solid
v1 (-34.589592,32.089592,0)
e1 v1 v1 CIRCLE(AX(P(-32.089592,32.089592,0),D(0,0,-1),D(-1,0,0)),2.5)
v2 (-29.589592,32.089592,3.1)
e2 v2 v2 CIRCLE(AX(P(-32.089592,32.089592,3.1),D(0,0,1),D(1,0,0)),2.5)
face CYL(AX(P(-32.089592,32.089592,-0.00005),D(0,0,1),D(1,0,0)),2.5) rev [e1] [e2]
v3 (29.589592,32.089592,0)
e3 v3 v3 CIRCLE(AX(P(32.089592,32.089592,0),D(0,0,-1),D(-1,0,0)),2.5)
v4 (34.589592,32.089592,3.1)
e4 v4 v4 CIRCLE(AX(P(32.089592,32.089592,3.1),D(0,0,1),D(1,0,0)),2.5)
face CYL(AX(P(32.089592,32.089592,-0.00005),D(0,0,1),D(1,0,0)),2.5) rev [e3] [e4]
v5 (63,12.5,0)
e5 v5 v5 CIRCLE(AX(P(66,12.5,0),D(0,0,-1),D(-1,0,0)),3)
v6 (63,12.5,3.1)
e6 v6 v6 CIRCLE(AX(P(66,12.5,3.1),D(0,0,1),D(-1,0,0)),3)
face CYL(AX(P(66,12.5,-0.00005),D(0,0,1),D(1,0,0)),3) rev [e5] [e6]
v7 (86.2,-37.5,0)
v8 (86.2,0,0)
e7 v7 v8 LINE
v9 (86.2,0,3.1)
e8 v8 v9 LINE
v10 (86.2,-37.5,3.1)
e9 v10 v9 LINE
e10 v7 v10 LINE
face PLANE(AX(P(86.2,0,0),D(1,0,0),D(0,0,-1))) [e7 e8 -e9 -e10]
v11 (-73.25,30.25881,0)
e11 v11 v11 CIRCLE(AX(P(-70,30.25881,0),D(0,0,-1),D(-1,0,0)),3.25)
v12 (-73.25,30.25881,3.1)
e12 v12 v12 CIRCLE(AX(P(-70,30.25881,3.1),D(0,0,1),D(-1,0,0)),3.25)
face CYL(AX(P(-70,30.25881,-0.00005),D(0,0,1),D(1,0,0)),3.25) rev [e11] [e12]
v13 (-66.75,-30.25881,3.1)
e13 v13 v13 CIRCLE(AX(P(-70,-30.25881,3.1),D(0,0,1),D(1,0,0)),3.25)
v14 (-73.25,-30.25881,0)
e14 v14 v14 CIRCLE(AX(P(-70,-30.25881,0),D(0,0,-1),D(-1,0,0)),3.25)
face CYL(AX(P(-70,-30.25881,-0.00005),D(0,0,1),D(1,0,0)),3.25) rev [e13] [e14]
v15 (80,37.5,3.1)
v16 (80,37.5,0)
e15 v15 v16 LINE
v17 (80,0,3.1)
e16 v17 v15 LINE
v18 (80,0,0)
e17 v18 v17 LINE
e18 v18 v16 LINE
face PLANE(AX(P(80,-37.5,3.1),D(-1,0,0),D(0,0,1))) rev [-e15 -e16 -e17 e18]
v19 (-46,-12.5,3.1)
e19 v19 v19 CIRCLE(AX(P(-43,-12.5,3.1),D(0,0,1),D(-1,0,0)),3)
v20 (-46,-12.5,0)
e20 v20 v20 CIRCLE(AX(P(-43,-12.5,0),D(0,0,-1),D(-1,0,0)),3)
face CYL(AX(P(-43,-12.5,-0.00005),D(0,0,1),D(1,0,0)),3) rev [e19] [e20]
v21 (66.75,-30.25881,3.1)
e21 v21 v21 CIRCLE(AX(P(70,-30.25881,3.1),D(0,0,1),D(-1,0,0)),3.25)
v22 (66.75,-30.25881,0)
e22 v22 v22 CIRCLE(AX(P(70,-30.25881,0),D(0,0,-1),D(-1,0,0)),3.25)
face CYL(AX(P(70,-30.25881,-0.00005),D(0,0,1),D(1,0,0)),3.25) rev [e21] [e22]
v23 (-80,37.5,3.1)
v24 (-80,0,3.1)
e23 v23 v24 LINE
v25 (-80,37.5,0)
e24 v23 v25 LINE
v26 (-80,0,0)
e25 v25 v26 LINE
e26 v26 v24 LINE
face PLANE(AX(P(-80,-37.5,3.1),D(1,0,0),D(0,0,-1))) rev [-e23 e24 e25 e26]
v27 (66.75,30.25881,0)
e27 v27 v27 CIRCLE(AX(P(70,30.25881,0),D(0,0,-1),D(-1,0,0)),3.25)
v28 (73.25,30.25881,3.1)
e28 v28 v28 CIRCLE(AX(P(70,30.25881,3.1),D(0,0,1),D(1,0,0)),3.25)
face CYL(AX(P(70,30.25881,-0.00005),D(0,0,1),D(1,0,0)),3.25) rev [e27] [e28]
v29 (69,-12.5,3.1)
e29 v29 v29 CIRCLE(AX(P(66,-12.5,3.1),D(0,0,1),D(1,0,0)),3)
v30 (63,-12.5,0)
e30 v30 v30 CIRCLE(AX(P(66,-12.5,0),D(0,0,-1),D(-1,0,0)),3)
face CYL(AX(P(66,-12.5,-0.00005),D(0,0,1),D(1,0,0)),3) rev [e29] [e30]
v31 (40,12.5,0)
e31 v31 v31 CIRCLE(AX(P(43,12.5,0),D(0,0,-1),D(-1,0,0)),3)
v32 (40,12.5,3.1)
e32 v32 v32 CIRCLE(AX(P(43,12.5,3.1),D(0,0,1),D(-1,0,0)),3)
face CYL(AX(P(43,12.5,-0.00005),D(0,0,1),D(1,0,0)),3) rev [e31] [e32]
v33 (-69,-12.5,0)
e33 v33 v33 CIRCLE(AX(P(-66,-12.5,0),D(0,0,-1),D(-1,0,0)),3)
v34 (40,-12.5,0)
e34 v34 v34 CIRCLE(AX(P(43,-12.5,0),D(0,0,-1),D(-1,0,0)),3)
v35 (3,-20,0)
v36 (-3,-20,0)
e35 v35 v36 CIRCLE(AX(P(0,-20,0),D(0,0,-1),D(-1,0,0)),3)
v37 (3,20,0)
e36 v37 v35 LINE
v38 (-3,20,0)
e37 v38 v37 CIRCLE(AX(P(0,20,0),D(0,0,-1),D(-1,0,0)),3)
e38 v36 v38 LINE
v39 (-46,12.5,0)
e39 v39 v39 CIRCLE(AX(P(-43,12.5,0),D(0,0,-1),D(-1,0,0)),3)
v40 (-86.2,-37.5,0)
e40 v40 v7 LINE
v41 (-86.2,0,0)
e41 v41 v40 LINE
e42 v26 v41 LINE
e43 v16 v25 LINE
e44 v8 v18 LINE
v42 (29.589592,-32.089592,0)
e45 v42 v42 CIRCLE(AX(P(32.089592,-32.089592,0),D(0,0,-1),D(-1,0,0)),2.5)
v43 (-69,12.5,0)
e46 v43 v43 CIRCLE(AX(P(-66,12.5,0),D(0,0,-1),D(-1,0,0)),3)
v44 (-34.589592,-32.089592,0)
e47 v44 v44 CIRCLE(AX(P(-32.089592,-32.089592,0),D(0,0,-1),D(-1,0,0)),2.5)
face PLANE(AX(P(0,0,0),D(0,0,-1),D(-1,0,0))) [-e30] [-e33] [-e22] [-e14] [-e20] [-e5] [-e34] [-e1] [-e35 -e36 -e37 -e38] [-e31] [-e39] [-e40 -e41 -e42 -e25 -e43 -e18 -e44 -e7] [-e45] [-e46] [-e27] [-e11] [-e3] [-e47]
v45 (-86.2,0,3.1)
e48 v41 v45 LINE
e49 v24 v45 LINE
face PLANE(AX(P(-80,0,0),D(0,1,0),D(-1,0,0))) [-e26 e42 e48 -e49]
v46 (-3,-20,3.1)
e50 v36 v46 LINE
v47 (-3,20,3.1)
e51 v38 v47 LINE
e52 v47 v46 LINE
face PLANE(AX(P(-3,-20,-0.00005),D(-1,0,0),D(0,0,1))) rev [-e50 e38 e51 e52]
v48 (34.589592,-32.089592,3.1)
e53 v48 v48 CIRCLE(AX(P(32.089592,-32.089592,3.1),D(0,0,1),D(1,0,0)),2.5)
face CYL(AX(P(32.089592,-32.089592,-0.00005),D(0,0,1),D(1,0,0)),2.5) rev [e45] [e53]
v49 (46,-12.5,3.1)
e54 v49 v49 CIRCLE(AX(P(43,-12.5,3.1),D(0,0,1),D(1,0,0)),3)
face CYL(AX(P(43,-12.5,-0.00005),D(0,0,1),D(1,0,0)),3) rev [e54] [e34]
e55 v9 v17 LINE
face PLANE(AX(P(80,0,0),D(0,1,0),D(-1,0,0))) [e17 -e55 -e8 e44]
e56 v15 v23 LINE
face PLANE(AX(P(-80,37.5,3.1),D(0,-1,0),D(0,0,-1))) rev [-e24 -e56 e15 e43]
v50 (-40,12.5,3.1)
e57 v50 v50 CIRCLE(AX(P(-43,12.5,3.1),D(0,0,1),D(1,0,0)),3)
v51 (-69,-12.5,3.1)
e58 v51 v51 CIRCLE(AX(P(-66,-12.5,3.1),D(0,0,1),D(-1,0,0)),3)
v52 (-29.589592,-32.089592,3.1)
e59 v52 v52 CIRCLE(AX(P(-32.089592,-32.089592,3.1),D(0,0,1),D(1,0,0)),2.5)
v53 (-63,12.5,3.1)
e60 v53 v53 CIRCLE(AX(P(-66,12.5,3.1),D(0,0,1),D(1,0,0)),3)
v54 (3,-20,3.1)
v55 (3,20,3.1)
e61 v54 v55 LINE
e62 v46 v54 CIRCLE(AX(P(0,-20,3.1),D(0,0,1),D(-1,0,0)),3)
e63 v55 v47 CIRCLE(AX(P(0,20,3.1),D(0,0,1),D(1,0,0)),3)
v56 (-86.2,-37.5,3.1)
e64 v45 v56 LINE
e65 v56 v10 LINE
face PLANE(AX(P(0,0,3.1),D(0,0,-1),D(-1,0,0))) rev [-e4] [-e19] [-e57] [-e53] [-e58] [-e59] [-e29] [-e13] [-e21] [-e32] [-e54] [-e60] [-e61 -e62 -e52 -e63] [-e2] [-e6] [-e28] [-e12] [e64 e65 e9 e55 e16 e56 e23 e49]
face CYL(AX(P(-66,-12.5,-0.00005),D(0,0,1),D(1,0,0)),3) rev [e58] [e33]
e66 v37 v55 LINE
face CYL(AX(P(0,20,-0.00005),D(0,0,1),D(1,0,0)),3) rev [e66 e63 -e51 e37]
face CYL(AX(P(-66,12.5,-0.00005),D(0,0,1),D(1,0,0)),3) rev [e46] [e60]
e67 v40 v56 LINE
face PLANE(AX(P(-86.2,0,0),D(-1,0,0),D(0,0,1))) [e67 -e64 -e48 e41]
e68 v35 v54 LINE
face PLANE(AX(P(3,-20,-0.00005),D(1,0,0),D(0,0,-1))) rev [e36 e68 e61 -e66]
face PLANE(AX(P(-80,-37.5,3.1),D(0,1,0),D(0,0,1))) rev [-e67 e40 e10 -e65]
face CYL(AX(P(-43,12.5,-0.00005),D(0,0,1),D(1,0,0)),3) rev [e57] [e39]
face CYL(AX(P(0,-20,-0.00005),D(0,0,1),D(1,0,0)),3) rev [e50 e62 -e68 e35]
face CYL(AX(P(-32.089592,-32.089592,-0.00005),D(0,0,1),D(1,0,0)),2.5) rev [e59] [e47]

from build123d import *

# Parameters (mm, degrees)
SKETCH1_W           = 160
SKETCH1_H           = 75
BOSS_EXTRUDE1_DEPTH = 3.1
SKETCH2_W           = 6.2
SKETCH2_H           = 37.5
BOSS_EXTRUDE2_DEPTH = 3.1
SKETCH3_R           = 2.5
SKETCH3_R_2         = 3
SKETCH3_R_3         = 3.25
CUT_EXTRUDE1_DEPTH  = 4.1


with BuildPart() as part:
    # Sketch1 → Boss-Extrude1 (new body)
    with BuildSketch(Plane.XY):
        Rectangle(SKETCH1_W, SKETCH1_H)
    extrude(amount=BOSS_EXTRUDE1_DEPTH)

    # Sketch2 → Boss-Extrude2 (add, through all)
    with BuildSketch(Plane.XY.offset(3.1)):
        with Locations((83.1, -18.75)):
            Rectangle(SKETCH2_W, SKETCH2_H)
        with Locations((-83.1, -18.75)):
            Rectangle(SKETCH2_W, SKETCH2_H)
    extrude(amount=-BOSS_EXTRUDE2_DEPTH)

    # Sketch3 → Cut-Extrude1 (cut, through all)
    with BuildSketch(Plane.XY.offset(3.1)):
        with Locations((32.08959236, 32.08959236)):
            Circle(SKETCH3_R)
        with Locations((32.08959236, -32.08959236)):
            Circle(SKETCH3_R)
        with Locations((-32.08959236, -32.08959236)):
            Circle(SKETCH3_R)
        with Locations((-32.08959236, 32.08959236)):
            Circle(SKETCH3_R)
        with Locations((-66, 12.5)):
            Circle(SKETCH3_R_2)
        with Locations((-43, 12.5)):
            Circle(SKETCH3_R_2)
        with Locations((-43, -12.5)):
            Circle(SKETCH3_R_2)
        with Locations((-66, -12.5)):
            Circle(SKETCH3_R_2)
        with Locations((43, 12.5)):
            Circle(SKETCH3_R_2)
        with Locations((66, 12.5)):
            Circle(SKETCH3_R_2)
        with Locations((66, -12.5)):
            Circle(SKETCH3_R_2)
        with Locations((43, -12.5)):
            Circle(SKETCH3_R_2)
        with Locations((-70, -30.258810311)):
            Circle(SKETCH3_R_3)
        with Locations((70, -30.258810311)):
            Circle(SKETCH3_R_3)
        with Locations((-70, 30.258810311)):
            Circle(SKETCH3_R_3)
        with Locations((70, 30.258810311)):
            Circle(SKETCH3_R_3)
        with BuildLine():
            Line((3, -20), (3, 20))
            ThreePointArc((3, 20), (0, 23), (-3, 20))
            Line((-3, 20), (-3, -20))
            ThreePointArc((-3, -20), (0, -23), (3, -20))
        make_face()
    extrude(amount=-CUT_EXTRUDE1_DEPTH, mode=Mode.SUBTRACT)


solid = part.part
